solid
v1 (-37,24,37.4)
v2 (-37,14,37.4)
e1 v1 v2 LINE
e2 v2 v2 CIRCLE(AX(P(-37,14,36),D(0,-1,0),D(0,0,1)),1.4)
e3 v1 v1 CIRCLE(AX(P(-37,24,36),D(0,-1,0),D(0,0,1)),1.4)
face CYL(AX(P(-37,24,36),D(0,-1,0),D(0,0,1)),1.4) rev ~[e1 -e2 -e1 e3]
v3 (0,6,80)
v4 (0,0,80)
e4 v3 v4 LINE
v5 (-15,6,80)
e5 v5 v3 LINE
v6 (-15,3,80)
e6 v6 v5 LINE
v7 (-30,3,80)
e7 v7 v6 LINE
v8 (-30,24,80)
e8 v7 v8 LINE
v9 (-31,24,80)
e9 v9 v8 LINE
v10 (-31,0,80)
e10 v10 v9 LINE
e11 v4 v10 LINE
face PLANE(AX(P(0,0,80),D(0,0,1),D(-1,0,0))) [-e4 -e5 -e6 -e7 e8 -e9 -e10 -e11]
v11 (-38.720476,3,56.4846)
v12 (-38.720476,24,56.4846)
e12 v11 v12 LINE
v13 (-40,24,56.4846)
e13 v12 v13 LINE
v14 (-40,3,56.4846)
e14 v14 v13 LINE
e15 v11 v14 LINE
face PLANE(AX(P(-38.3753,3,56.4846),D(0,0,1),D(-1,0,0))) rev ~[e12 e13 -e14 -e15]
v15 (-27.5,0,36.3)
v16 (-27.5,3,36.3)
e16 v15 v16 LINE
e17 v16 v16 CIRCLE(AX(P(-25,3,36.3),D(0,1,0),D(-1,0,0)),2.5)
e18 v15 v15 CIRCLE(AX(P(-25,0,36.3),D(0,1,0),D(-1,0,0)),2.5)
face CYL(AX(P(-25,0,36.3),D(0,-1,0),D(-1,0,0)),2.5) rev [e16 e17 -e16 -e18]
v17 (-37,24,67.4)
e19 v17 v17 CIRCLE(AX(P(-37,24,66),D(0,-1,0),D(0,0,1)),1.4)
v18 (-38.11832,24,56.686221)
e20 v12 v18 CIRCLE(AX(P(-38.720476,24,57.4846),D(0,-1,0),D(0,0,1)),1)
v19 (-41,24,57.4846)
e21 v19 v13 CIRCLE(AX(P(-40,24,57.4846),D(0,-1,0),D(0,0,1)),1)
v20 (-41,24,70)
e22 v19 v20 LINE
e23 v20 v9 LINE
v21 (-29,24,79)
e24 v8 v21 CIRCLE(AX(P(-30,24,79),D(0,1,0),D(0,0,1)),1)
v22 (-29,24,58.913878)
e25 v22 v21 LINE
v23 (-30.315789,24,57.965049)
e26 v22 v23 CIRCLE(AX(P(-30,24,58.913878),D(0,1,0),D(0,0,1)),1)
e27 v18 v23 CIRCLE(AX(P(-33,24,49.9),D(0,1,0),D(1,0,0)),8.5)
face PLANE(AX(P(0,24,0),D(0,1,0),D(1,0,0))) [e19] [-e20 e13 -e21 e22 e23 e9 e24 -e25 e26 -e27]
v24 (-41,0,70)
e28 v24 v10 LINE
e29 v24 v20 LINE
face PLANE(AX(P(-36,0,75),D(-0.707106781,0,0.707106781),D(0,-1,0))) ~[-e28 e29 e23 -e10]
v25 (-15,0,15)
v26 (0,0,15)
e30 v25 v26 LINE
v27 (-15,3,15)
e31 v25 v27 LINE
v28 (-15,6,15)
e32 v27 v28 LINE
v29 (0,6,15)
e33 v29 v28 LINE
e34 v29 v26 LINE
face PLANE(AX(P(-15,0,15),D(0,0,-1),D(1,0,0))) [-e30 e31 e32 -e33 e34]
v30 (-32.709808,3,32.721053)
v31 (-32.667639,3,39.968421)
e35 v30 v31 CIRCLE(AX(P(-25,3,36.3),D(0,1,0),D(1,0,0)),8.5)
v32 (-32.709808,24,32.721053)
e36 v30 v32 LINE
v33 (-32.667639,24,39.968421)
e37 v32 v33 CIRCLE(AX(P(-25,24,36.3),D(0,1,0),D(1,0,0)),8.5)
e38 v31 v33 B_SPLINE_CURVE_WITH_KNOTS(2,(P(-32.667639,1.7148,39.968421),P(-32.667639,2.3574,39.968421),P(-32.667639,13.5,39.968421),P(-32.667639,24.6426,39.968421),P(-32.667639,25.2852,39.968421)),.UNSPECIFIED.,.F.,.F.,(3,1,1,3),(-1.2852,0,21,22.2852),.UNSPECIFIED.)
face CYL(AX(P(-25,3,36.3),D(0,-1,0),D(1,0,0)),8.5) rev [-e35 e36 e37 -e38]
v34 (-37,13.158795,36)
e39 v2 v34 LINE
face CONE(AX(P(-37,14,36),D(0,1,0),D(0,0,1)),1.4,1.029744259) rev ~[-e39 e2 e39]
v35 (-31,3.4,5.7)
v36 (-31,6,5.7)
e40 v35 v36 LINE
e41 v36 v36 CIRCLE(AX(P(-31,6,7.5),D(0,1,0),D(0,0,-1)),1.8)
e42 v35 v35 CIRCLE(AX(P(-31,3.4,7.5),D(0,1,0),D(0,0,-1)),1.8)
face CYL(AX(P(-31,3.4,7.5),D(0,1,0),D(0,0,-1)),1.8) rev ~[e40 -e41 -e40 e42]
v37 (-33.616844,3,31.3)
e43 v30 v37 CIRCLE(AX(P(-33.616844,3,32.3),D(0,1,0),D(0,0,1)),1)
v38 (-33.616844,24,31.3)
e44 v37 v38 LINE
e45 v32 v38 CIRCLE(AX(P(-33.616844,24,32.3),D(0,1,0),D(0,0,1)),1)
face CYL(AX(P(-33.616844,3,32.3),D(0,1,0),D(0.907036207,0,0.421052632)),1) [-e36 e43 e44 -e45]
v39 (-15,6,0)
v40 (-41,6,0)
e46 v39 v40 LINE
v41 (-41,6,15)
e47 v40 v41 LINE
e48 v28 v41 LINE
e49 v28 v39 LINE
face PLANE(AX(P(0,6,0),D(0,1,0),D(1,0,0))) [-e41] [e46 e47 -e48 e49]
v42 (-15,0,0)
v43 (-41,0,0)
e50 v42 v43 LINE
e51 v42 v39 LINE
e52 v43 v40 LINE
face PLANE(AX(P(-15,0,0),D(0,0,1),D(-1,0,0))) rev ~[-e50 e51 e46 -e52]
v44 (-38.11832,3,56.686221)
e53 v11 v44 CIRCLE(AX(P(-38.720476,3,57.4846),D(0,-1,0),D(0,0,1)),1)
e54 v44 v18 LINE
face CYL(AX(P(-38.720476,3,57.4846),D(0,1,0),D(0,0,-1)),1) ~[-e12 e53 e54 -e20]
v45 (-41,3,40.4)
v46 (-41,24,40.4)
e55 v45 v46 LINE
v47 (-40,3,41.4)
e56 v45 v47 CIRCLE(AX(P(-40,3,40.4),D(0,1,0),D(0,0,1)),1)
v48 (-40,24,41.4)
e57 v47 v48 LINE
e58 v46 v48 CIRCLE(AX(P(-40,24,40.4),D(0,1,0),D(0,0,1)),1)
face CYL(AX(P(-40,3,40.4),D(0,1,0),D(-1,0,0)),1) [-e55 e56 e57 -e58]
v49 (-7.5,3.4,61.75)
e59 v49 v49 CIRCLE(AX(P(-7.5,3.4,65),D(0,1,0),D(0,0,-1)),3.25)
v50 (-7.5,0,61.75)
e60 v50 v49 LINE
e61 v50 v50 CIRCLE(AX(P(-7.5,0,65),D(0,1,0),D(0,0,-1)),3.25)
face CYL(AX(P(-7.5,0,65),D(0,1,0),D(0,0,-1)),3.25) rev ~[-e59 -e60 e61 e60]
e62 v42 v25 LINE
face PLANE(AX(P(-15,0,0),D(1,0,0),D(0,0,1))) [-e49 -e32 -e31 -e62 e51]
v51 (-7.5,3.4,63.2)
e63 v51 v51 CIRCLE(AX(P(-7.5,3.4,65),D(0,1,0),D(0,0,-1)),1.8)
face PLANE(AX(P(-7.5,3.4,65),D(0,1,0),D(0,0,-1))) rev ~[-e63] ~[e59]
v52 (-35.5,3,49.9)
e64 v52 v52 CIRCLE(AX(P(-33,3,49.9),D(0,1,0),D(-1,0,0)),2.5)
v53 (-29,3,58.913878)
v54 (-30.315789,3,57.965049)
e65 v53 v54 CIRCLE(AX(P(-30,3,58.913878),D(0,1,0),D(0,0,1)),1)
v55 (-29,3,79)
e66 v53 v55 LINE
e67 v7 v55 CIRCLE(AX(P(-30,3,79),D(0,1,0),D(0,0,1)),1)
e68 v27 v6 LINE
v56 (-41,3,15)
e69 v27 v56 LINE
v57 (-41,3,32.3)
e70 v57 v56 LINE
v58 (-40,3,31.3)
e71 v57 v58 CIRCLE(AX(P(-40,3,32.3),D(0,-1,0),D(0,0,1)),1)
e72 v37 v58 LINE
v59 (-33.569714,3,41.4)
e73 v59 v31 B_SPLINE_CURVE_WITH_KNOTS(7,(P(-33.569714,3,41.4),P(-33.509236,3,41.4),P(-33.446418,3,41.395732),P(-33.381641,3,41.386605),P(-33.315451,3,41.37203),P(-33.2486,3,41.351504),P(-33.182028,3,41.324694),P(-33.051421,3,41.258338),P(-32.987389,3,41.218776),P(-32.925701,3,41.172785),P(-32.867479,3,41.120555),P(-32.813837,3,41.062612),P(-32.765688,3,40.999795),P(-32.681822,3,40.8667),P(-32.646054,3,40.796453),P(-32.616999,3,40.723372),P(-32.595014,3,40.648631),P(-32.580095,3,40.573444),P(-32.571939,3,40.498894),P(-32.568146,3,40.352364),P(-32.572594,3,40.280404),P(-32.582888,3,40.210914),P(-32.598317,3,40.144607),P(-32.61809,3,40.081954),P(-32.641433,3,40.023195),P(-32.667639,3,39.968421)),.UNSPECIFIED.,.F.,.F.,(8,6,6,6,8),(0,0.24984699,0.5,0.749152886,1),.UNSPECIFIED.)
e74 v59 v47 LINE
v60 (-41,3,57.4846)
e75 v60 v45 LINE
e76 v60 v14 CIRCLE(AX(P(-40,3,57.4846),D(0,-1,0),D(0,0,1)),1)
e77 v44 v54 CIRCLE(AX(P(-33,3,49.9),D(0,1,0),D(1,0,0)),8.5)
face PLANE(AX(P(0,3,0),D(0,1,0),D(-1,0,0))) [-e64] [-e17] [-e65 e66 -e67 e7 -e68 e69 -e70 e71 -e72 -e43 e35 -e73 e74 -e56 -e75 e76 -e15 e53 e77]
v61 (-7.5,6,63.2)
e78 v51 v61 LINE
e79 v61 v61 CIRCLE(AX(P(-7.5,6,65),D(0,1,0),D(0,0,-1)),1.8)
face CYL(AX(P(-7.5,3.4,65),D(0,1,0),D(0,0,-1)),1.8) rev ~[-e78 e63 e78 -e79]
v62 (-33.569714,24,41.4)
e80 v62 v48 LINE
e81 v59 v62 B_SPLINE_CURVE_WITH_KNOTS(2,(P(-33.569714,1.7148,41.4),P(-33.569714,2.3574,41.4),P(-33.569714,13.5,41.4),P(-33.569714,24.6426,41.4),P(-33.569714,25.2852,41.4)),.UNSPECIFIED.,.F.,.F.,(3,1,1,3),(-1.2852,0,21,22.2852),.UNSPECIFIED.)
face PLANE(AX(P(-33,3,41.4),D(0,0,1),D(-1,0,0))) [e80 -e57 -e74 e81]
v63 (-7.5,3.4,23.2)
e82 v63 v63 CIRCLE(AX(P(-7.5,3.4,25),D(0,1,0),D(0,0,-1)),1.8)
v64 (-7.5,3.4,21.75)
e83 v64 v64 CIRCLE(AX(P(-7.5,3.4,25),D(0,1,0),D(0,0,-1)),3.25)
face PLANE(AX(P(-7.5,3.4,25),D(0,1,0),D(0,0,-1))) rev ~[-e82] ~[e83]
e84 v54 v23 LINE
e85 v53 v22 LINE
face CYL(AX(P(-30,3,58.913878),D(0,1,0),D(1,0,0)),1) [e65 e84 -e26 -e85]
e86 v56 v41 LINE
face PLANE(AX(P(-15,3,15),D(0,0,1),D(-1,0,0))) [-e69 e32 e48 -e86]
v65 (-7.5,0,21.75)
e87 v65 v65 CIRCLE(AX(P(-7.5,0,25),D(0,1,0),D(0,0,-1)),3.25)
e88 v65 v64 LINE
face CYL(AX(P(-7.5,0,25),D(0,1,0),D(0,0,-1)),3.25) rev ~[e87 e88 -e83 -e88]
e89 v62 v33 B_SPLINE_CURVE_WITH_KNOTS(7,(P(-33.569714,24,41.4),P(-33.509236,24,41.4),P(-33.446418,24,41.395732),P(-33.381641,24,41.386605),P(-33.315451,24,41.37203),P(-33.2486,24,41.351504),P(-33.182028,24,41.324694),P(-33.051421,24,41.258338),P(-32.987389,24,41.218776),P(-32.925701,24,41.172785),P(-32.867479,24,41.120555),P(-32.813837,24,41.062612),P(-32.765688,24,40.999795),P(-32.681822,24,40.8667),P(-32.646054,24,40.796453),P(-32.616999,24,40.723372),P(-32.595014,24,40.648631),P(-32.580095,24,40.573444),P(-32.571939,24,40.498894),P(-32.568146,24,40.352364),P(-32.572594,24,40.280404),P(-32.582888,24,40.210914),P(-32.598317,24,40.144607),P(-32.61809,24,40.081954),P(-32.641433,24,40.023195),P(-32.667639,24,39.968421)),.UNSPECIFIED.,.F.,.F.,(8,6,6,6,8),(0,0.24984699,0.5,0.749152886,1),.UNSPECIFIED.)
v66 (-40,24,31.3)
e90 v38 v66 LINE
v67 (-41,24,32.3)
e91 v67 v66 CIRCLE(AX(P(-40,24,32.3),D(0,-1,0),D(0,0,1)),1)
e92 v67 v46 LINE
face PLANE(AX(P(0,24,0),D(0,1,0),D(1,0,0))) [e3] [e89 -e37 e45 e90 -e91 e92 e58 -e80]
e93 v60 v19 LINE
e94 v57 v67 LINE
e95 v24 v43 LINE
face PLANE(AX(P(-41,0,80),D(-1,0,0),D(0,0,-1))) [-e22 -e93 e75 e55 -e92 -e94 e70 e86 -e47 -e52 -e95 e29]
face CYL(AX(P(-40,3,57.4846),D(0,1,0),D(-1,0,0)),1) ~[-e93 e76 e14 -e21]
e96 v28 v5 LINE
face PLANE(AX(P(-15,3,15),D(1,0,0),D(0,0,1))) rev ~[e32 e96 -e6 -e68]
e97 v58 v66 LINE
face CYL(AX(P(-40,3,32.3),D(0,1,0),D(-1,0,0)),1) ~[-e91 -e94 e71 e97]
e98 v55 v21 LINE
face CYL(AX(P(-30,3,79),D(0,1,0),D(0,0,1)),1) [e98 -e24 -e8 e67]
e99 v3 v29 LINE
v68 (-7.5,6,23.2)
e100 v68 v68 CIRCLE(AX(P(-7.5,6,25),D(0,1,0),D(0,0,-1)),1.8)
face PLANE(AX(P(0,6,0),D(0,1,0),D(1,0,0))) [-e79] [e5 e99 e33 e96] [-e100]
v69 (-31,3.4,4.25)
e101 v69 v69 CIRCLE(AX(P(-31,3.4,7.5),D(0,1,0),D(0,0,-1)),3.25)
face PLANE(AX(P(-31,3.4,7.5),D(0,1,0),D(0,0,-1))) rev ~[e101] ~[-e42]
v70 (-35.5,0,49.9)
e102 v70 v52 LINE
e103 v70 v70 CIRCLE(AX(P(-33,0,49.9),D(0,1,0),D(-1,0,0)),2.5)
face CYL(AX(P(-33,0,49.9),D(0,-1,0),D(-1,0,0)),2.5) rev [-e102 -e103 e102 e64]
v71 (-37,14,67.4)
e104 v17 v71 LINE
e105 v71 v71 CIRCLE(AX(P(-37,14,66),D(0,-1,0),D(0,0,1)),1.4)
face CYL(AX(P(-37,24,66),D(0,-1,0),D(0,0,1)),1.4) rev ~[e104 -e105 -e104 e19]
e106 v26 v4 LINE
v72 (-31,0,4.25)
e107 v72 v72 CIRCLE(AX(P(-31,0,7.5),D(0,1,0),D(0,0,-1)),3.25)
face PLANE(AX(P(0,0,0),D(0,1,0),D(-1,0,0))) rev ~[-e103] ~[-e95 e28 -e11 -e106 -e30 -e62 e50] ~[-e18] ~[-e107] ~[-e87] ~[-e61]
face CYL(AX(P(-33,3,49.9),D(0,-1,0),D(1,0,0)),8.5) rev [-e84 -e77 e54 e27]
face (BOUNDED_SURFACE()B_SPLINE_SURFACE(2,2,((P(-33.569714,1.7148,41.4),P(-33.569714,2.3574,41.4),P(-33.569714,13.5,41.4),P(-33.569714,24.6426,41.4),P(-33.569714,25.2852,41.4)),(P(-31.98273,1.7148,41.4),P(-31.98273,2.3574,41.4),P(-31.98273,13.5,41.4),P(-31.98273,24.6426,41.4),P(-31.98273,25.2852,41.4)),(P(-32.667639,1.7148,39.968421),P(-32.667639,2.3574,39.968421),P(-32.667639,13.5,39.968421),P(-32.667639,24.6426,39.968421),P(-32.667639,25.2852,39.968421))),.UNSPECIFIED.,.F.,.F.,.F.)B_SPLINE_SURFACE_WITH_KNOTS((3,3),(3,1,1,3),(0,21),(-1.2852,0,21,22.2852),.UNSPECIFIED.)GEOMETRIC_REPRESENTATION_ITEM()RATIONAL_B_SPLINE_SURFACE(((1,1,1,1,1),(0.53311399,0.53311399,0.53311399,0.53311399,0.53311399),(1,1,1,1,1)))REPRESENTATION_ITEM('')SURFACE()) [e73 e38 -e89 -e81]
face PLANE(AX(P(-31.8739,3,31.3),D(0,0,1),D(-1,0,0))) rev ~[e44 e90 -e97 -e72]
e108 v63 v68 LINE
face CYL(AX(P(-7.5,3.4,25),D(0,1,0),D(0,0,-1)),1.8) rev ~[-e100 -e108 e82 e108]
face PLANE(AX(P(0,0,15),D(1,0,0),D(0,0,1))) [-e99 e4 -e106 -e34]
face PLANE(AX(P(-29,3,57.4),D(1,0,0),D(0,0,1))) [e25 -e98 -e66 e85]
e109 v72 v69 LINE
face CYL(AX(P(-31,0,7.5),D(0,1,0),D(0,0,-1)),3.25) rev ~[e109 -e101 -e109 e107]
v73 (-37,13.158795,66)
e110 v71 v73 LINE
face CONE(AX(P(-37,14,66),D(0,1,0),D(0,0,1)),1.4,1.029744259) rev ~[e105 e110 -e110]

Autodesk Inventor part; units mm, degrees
ref_plane "YZ Plane" through (0, 0, 0) normal (1, 0, 0) x (0, 1, 0)
ref_plane "XZ Plane" through (0, 0, 0) normal (0, 1, 0) x (-1, 0, 0)
ref_plane "XY Plane" through (0, 0, 0) normal (0, 0, 1) x (1, 0, 0)
sketch "Sketch1" plane through (0, 0, 0) normal (0, 1, 0) x (-1, 0, 0)
  circle A0 centre (25, 36.3) radius 2.5
  circle A1 centre (33, 49.9) radius 2.5
  line L0 (15, 0) -> (15, 15)
  line L1 (15, 15) -> (0, 15)
  line L2 (0, 15) -> (0, 80)
  line L3 (0, 80) -> (41, 80)
  line L4 (41, 80) -> (41, 0)
  line L5 (15, 0) -> (41, 0)
  circle A2 centre (25, 36.3) radius 7.5 construction
  circle A3 centre (33, 49.9) radius 7.5 construction
  point P0 (0, 0)
  dimension "d0" = 5
  dimension "d1" = 15
  dimension "d2" = 25
  dimension "d3" = 21.3
  dimension "d4" = 8
  dimension "d5" = 13.6
  dimension "d12" = 15
  dimension "d46" = 80
  dimension "d47" = 41
extrude "Extrusion1" add sketch "Sketch1" along normal blind 3
sketch "Sketch2" plane through (0, 3, 0) normal (0, 1, 0) x (1, 0, 0)
  line L0 (-41, 0) -> (-41, -80) projected
  line L1 (-41, -80) -> (0, -80) projected
  line L2 (0, -80) -> (0, -15) projected
  line L3 (0, -15) -> (-15, -15) projected
  line L4 (-15, -15) -> (-15, 0) projected
  line L5 (-15, 0) -> (-41, 0) projected
  circle A0 centre (-33, -49.9) radius 2.5 projected
  circle A1 centre (-25, -36.3) radius 2.5 projected
  line L6 (-15, -15) -> (-15, 0) projected
  line L7 (-15, -15) -> (-15, -80)
  line L8 (-15, -15) -> (-41, -15)
  line L9 (-41, 0) -> (-41, -80) projected
  point P0 (0, 0)
extrude "Extrusion2" add sketch "Sketch2" along normal blind 3 contours L5 L4 L8 L0 | L3 L2 L1 L7
sketch "Sketch3" plane through (0, 3, 0) normal (0, 1, 0) x (1, 0, 0)
  circle A0 centre (-25, -36.3) radius 2.5 projected
  circle A1 centre (-33, -49.9) radius 2.5 projected
  line L0 (-15, -80) -> (-15, -15) projected
  line L1 (-15, -15) -> (-41, -15) projected
  line L2 (-41, -15) -> (-41, -80) projected
  line L3 (-41, -80) -> (-15, -80) projected
  circle A2 centre (-25, -36.3) radius 2.5 projected
  circle A3 centre (-25, -36.3) radius 8.5
  circle A4 centre (-33, -49.9) radius 2.5 projected
  circle A5 centre (-33, -49.9) radius 8.5
  line L4 (-31.8739, -31.3) -> (-41, -31.3)
  line L5 (-41, 0) -> (-41, -80) projected
  line L6 (-33, -41.4) -> (-41, -41.4)
  line L7 (-38.3753, -56.4846) -> (-41, -56.4846)
  line L8 (-29, -57.4) -> (-29, -80)
  line L9 (-41, -80) -> (0, -80) projected
  point P0 (0, 0)
  point P1 (-31.727, -41.4959)
  dimension "d15" = 17
  dimension "d16" = 5
  dimension "d19" = 12
extrude "Extrusion3" add sketch "Sketch3" along normal blind 21 contours L3 L2 L7 A5 L8 | L4 A3 A5 L6 L2
fillet "Fillet1" radius 1 8 edges at (-31.8739, 13.5, 31.3) (-31.727, 13.5, 41.4959) (-41, 13.5, 41.4) (-41, 13.5, 31.3) (-41, 13.5, 56.4846) (-29, 13.5, 57.4) (-29, 13.5, 80) (-38.3753, 13.5, 56.4846)
chamfer "Chamfer1" distance 10 angle 45 1 edges at (-41, 12, 80)
sketch "Sketch4" plane through (0, 24, 0) normal (0, 1, 0) x (1, 0, 0)
  line L0 (-31, -80) -> (-41, -70) projected
  line L1 (-31, -80) -> (-30, -80) projected
  arc A0 (-30, -80) -> (-29, -79) centre (-30, -79) ccw projected
  line L2 (-29, -79) -> (-29, -58.9139) projected
  arc A1 (-29, -58.9139) -> (-30.3158, -57.965) centre (-30, -58.9139) ccw projected
  arc A2 (-38.1184, -56.6862) -> (-30.3158, -57.965) centre (-33, -49.9) ccw projected
  arc A3 (-38.1184, -56.6862) -> (-38.7205, -56.4846) centre (-38.7205, -57.4846) ccw projected
  line L3 (-38.7205, -56.4846) -> (-40, -56.4846) projected
  arc A4 (-40, -56.4846) -> (-41, -57.4846) centre (-40, -57.4846) ccw projected
  line L4 (-41, -57.4846) -> (-41, -70) projected
  arc A5 (-40, -31.3) -> (-41, -32.3) centre (-40, -32.3) ccw projected
  line L5 (-41, -32.3) -> (-41, -40.4) projected
  arc A6 (-41, -40.4) -> (-40, -41.4) centre (-40, -40.4) ccw projected
  line L6 (-40, -41.4) -> (-33.5697, -41.4) projected
  arc A7 (-33.5697, -41.4) -> (-32.6676, -39.9684) centre (-33.5697, -40.4) ccw projected
  arc A8 (-32.7098, -32.7211) -> (-32.6676, -39.9684) centre (-25, -36.3) ccw projected
  arc A9 (-32.7098, -32.7211) -> (-33.6168, -31.3) centre (-33.6168, -32.3) ccw projected
  line L7 (-33.6168, -31.3) -> (-40, -31.3) projected
  point P0 (0, 0)
  point P1 (-37, -36)
  point P2 (-37, -66)
  dimension "d24" = 4
  dimension "d25" = 36
  dimension "d26" = 30
hole "Hole1" at (-37, 24, 36) at (-37, 24, 66) direction (0, -1, 0) diameter 2.8 depth 10 tip angle 118
sketch "Sketch5" plane through (0, 0, 0) normal (0, -1, 0) x (1, 0, 0)
  line L0 (-41, 70) -> (-31, 80) projected
  line L1 (-41, 0) -> (-41, 70) projected
  line L2 (-15, 0) -> (-41, 0) projected
  line L3 (-15, 15) -> (-15, 0) projected
  line L4 (0, 15) -> (-15, 15) projected
  line L5 (0, 80) -> (0, 15) projected
  line L6 (-31, 80) -> (0, 80) projected
  circle A0 centre (-33, 49.9) radius 2.5 projected
  circle A1 centre (-25, 36.3) radius 2.5 projected
  point P0 (0, 0)
  point P1 (-31, 7.5)
  point P2 (-7.5, 25)
  point P3 (-7.5, 65)
  dimension "d34" = 7.5
  dimension "d35" = 7.5
  dimension "d36" = 10
  dimension "d37" = 15
  dimension "d38" = 40
hole "Hole2" at (-31, 0, 7.5) at (-7.5, 0, 25) at (-7.5, 0, 65) direction (0, 1, 0) diameter 3.6 end through all counterbore diameter 6.5 counterbore depth 3.4 clearance for "Socket Head Cap Screw ISO 4762" size "M3" standard "ISO"
equation "\"d35\" = d34"
properties part number "Alpha Idler Assembly" material "ABS Plastic"
